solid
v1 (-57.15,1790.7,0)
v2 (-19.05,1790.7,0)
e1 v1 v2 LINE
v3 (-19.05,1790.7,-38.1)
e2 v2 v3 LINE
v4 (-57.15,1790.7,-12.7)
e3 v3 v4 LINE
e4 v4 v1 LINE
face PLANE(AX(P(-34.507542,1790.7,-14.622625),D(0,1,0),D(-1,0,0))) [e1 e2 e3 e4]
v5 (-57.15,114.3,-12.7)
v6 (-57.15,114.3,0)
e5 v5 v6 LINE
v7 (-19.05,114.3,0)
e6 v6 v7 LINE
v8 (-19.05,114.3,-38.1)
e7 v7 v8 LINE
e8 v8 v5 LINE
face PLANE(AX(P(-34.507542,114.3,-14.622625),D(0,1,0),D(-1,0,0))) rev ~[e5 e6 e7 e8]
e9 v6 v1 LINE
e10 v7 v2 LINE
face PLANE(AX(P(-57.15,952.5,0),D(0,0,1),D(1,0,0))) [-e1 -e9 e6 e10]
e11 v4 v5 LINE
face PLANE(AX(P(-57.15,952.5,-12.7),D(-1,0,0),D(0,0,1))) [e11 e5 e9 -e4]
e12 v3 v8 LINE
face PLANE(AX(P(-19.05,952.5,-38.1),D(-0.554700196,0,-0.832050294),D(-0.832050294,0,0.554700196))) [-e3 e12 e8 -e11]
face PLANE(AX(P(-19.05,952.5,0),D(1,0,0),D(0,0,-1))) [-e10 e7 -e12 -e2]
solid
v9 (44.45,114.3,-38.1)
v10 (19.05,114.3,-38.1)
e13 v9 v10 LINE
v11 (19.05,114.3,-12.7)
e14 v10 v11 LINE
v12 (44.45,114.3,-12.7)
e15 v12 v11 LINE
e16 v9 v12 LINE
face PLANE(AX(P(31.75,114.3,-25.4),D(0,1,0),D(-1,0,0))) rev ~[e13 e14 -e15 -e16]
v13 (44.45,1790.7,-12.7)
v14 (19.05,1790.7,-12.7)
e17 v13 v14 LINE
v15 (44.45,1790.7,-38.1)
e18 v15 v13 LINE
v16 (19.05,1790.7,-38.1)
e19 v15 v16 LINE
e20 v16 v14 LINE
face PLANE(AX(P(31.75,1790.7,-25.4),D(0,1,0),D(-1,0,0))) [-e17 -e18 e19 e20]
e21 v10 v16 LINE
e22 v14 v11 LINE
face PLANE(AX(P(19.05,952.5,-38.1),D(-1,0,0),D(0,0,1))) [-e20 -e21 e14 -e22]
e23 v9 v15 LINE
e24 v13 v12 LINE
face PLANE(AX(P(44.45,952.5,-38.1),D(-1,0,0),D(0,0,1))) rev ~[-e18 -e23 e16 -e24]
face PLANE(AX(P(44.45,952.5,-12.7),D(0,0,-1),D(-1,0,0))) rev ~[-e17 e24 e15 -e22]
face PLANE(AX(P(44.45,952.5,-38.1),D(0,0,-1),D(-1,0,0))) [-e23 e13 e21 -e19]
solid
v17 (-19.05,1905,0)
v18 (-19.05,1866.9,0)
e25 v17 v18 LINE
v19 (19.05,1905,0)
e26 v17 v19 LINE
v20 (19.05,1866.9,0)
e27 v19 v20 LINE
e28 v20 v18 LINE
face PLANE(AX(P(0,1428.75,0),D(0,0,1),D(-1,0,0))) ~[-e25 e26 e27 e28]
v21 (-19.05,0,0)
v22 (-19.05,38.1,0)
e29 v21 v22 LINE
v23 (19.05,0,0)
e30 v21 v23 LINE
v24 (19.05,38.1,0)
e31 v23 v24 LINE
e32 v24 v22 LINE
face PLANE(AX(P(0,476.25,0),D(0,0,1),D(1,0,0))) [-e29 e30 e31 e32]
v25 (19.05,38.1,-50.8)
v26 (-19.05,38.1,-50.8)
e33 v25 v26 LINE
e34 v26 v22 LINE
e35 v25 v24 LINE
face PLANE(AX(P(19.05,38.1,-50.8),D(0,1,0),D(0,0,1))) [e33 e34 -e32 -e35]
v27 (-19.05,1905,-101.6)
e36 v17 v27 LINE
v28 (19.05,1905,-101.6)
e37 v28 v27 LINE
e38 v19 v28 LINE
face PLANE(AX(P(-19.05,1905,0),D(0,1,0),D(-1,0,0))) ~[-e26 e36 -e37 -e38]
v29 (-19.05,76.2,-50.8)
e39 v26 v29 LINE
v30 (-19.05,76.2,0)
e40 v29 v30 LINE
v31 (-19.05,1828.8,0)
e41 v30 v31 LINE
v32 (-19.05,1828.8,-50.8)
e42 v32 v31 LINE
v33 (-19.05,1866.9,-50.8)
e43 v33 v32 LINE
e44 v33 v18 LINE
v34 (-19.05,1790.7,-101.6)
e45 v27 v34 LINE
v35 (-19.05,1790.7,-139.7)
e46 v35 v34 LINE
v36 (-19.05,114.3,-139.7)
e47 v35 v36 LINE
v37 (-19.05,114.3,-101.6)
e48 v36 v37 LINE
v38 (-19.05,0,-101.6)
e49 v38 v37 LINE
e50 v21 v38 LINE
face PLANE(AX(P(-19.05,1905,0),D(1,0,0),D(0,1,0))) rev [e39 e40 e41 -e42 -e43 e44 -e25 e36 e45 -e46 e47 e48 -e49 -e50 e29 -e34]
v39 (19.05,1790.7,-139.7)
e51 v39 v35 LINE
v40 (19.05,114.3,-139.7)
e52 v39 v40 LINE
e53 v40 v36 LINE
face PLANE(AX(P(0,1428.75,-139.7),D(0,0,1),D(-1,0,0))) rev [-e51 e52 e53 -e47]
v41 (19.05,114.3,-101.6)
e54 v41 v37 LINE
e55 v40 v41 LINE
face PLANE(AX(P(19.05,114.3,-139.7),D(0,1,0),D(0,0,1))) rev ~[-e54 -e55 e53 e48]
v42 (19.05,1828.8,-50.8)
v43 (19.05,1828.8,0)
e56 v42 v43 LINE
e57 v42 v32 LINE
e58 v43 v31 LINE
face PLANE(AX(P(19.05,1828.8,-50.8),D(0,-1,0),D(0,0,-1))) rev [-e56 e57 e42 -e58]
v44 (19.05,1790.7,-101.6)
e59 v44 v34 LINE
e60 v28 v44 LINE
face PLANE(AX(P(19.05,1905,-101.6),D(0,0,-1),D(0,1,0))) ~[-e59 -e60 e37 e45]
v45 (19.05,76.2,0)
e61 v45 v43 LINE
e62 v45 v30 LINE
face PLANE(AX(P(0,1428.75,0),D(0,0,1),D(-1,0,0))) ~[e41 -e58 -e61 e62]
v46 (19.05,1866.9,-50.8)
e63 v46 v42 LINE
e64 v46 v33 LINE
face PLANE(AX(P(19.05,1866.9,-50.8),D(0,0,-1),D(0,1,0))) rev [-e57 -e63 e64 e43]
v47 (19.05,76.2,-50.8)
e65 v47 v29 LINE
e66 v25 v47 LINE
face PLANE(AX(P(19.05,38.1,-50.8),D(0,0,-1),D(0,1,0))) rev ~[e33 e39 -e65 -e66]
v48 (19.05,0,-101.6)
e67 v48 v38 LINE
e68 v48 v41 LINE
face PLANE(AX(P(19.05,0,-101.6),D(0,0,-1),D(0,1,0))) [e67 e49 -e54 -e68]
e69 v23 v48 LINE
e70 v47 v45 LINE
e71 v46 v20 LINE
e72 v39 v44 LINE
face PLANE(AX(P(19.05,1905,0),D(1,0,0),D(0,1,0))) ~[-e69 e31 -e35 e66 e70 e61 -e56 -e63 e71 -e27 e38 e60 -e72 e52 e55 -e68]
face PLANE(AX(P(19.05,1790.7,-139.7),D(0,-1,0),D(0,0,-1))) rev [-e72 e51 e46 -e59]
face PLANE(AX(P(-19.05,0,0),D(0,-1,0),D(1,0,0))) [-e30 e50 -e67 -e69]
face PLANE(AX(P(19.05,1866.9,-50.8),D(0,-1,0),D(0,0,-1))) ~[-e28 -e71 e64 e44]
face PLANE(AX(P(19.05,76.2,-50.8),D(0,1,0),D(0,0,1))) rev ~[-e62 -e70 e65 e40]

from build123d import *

# Parameters (mm, degrees)
F0_W           = 38.1
F0_H           = 952.5
F1_DEPTH       = 139.7
F2_W           = 114.3
F2_H           = 38.1
F3_DEPTH       = 38.101
F4_W           = 38.1
F4_H           = 50.8
F5_DEPTH       = 38.101
F9_DEPTH       = 838.2
F9_DEPTH_BACK  = 838.2
F10_W          = 25.4
F10_H          = 25.4
F11_DEPTH      = 838.2
F11_DEPTH_BACK = 838.2


with BuildPart() as f1:
    # F0 (on Top) → F1 (new body)
    with BuildSketch(Plane.XY):
        with Locations((0, 476.25)):
            Rectangle(F0_W, F0_H)
    extrude(amount=-F1_DEPTH)

    # F2 (on face) → F3 (cut, through all)
    with BuildSketch(Plane.YZ.offset(19.05)):
        with Locations((57.15, -120.65)):
            Rectangle(F2_W, F2_H)
    extrude(amount=-F3_DEPTH, mode=Mode.SUBTRACT)

    # F4 (on face) → F5 (cut, through all)
    with BuildSketch(Plane.YZ.offset(19.05)):
        with Locations((57.15, -25.4)):
            Rectangle(F4_W, F4_H)
    extrude(amount=-F5_DEPTH, mode=Mode.SUBTRACT)

    # F7: F1 across plane


with BuildPart() as f1_1:
    add(f1.part)
    add(f1.part.mirror(Plane(origin=(0, 952.5, -69.85), x_dir=(-1, 0, 0), z_dir=(0, 1, 0))))


with BuildPart() as f9:
    # F8 (on offset) → F9 (new body, two sides)
    with BuildSketch(Plane(origin=(0, 952.5, 0), x_dir=(-1, 0, 0), z_dir=(0, 1, 0))) as f9_sk:
        Polygon((57.15, -12.7), (57.15, 0), (19.05, 0), (19.05, -38.1), align=None)
    extrude(amount=F9_DEPTH)
    extrude(f9_sk.sketch, amount=-F9_DEPTH_BACK)


with BuildPart() as f11:
    # F10 (on offset) → F11 (new body, two sides)
    with BuildSketch(Plane(origin=(0, 952.5, 0), x_dir=(-1, 0, 0), z_dir=(0, 1, 0))) as f11_sk:
        with Locations((-31.75, -25.4)):
            Rectangle(F10_W, F10_H)
    extrude(amount=F11_DEPTH)
    extrude(f11_sk.sketch, amount=-F11_DEPTH_BACK)


solid = Compound([f1_1.part, f9.part, f11.part])
